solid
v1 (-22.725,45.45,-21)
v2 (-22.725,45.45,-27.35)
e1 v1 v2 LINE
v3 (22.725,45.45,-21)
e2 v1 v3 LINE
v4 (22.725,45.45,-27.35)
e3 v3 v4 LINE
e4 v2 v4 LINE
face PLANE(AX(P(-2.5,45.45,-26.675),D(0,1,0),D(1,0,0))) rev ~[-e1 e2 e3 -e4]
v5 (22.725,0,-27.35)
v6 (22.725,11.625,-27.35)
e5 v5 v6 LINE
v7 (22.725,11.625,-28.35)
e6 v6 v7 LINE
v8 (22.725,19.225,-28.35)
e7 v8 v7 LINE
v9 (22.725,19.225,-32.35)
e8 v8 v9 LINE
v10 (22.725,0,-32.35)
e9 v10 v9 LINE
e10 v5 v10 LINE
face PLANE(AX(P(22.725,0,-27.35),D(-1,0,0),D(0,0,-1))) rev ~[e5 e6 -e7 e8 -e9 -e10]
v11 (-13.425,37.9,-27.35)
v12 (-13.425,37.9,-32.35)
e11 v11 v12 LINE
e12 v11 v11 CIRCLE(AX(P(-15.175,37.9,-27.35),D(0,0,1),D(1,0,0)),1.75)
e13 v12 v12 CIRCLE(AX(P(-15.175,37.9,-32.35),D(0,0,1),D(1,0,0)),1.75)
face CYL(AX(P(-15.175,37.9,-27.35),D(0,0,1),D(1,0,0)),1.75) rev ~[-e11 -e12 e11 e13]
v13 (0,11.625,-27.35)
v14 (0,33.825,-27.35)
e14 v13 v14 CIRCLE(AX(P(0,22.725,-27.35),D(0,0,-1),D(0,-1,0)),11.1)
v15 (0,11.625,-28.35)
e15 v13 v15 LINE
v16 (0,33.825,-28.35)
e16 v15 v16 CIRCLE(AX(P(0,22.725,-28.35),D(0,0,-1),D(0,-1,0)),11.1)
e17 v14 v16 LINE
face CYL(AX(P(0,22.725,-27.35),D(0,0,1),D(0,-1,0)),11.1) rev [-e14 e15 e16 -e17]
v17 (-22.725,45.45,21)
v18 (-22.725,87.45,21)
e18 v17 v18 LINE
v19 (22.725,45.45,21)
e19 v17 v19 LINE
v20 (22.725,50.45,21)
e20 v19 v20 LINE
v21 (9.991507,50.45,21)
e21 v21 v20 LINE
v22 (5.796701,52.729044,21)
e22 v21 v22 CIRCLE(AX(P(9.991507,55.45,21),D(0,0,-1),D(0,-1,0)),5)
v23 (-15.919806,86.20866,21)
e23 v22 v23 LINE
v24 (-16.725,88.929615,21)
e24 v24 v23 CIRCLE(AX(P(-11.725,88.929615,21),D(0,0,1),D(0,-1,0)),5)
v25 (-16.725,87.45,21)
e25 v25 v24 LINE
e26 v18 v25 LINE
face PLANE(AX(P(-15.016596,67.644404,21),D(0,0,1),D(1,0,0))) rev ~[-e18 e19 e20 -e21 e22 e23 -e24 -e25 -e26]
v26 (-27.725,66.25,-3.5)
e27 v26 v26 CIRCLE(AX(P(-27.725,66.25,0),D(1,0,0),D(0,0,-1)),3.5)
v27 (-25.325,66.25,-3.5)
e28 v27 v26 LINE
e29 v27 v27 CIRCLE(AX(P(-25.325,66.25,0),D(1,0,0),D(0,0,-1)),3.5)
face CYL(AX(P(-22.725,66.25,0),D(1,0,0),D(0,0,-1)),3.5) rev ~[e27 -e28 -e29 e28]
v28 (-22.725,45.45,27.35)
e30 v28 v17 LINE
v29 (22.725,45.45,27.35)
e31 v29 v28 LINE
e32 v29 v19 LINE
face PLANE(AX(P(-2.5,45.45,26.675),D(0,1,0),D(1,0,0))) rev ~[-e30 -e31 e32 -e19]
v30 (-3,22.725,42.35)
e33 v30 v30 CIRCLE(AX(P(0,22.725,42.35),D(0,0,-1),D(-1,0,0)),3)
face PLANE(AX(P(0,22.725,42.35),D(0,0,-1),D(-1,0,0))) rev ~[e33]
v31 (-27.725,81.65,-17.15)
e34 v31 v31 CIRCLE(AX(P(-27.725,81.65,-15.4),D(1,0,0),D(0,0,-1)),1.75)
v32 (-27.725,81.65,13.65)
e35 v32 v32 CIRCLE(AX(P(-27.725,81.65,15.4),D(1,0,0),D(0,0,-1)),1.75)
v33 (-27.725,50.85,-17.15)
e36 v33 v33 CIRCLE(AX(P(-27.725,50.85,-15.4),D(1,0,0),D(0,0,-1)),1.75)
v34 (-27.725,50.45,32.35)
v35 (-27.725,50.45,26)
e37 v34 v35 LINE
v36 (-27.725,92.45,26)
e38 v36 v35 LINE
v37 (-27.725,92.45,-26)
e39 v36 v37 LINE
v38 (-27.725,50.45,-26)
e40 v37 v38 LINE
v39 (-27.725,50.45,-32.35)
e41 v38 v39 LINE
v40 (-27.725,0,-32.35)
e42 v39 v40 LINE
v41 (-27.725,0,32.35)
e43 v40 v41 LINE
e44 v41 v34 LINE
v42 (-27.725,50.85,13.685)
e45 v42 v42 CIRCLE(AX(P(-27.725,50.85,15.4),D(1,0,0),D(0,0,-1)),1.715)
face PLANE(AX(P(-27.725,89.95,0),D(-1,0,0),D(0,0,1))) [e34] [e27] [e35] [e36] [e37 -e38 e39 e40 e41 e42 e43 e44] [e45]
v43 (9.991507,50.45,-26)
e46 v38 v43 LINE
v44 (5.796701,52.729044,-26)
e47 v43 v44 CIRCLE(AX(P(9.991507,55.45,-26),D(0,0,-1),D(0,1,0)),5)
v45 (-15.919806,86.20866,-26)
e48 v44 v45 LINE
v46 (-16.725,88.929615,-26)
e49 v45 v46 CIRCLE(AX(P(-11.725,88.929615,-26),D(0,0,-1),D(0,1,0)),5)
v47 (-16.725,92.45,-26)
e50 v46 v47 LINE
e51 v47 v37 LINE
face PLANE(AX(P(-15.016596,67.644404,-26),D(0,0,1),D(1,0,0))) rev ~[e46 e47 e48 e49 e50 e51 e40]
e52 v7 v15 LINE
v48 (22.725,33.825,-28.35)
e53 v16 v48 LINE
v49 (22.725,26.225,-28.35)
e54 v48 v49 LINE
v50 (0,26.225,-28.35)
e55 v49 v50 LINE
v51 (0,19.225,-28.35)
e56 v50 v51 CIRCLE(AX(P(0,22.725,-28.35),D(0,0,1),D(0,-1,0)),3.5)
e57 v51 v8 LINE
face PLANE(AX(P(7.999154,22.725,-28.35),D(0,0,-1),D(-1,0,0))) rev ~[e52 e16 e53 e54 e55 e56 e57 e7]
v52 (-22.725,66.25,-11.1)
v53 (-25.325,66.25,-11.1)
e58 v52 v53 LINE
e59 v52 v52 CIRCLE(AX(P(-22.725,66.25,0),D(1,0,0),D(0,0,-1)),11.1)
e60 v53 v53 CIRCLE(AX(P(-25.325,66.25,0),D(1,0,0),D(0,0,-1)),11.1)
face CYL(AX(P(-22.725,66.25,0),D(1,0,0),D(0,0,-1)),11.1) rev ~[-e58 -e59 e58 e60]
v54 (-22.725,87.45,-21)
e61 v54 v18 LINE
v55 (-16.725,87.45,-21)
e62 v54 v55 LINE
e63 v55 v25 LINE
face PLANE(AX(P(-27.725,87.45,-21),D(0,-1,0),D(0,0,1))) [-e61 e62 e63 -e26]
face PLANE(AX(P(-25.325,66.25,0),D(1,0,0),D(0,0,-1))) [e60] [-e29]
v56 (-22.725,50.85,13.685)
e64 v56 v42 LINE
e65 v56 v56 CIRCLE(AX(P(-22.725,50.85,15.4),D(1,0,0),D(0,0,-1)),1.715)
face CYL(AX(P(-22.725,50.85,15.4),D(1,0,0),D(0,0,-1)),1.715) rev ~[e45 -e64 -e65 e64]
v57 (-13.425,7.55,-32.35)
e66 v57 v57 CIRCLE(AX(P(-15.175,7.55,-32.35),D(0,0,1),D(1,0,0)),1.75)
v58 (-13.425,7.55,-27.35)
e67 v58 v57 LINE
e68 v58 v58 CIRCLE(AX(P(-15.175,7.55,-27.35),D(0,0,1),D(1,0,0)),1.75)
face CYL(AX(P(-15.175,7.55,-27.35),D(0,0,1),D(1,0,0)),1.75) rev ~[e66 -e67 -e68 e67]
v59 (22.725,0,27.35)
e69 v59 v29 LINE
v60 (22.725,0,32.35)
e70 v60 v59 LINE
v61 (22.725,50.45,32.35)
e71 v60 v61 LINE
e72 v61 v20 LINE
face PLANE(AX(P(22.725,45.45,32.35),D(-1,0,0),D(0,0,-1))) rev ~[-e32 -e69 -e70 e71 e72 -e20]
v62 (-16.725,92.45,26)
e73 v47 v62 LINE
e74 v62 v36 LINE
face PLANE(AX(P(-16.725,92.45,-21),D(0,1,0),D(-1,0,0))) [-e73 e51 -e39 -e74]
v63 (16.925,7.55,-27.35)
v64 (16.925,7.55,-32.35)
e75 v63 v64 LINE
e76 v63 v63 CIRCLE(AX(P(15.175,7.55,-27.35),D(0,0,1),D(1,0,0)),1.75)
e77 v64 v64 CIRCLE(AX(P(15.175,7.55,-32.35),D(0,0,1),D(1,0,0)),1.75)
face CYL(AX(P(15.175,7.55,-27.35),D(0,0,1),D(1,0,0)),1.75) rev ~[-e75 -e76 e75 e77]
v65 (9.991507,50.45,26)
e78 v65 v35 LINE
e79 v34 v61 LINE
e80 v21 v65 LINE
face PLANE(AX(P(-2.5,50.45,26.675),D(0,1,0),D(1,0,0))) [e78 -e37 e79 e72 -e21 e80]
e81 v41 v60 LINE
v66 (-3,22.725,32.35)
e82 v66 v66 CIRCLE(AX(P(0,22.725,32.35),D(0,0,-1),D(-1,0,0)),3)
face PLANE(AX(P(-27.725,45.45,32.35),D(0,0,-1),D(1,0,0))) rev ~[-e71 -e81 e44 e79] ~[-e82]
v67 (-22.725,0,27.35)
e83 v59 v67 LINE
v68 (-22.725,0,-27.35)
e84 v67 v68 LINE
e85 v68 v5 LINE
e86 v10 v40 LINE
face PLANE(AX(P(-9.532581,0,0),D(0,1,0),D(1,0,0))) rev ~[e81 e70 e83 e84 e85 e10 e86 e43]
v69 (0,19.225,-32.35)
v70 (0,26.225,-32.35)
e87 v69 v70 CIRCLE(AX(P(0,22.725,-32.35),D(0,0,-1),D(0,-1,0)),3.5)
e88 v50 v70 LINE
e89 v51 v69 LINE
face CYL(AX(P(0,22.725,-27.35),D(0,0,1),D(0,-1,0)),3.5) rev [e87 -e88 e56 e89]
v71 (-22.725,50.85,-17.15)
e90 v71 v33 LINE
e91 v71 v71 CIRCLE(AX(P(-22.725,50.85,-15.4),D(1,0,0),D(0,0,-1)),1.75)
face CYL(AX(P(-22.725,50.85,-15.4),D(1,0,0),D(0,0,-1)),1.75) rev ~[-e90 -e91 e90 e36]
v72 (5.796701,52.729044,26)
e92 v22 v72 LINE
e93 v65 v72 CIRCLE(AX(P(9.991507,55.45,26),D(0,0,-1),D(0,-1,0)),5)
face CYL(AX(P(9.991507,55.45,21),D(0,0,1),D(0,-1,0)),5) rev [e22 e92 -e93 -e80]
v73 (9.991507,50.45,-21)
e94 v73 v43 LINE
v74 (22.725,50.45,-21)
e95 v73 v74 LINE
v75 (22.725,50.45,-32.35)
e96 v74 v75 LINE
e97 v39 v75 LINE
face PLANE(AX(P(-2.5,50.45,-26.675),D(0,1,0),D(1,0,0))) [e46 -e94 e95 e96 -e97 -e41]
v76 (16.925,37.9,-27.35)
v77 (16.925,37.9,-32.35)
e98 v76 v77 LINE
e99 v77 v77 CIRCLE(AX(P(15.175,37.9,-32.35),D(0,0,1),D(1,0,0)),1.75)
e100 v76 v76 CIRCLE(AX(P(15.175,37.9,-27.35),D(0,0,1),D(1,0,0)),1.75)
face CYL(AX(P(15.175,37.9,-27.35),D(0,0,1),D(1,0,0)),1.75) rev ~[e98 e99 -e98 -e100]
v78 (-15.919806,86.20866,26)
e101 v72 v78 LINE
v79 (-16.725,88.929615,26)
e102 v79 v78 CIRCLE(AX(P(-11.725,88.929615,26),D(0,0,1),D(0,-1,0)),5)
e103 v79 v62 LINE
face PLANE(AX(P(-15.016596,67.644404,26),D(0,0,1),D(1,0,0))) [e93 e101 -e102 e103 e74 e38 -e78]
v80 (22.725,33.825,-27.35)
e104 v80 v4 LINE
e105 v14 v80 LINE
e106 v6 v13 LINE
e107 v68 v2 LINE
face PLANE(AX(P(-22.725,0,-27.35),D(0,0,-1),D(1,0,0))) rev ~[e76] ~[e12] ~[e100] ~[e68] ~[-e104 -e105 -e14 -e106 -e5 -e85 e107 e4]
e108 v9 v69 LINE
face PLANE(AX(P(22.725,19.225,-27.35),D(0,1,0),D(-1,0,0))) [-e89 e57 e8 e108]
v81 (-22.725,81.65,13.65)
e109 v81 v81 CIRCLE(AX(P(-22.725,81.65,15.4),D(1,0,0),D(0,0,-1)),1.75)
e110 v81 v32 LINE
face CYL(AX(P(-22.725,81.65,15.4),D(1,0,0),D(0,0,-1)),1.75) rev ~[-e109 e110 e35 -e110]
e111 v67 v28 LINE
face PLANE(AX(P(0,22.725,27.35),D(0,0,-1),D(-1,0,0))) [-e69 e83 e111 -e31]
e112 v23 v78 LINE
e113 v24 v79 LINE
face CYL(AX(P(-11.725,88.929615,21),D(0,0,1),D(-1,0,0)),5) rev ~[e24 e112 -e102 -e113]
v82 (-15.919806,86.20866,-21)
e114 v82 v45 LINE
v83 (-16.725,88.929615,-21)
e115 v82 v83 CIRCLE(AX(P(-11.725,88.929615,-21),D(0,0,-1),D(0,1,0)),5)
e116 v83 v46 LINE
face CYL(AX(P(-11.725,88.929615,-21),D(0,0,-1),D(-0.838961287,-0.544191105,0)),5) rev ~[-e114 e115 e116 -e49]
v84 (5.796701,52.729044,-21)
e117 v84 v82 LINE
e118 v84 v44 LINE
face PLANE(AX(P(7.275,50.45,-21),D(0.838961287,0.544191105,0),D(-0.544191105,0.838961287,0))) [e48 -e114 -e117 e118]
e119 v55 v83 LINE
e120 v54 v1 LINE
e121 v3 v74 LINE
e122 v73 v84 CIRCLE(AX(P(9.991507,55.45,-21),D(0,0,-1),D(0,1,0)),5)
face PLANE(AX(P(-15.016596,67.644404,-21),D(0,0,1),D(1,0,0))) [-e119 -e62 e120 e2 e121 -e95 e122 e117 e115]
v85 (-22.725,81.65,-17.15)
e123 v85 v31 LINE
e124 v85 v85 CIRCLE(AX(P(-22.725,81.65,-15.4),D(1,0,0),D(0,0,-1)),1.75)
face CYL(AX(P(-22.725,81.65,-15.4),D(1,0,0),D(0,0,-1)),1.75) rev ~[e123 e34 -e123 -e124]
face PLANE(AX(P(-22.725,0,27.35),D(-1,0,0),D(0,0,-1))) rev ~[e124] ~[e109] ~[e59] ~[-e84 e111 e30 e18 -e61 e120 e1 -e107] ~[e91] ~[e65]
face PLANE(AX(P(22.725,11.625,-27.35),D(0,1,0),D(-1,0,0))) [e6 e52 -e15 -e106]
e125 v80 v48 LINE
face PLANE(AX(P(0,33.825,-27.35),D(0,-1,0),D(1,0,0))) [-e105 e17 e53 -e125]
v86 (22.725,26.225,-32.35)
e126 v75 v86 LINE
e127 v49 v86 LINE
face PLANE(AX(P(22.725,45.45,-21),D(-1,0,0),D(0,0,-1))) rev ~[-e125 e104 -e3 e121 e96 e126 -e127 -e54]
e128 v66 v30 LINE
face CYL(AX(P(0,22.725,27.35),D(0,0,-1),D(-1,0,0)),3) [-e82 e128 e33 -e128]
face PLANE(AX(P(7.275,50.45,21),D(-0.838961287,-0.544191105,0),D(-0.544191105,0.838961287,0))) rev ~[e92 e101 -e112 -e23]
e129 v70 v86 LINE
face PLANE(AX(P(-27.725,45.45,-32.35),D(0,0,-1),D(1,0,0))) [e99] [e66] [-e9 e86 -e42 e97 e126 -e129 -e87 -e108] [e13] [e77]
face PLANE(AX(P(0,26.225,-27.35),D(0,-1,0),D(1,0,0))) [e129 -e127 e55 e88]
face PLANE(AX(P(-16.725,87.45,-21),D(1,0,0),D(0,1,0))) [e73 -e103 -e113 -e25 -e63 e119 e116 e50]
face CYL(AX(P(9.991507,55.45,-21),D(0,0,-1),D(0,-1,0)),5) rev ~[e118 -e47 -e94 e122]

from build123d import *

# Parameters (mm, degrees)
BOSS_EXTRUDE1_DEPTH = 45.45
CUT_EXTRUDE4_DEPTH  = 1
CUT_EXTRUDE5_DEPTH  = 5
SKETCH9_R           = 1.75
CUT_EXTRUDE6_DEPTH  = 5
BOSS_EXTRUDE2_DEPTH = 5
SKETCH11_R          = 1.75
SKETCH11_R_2        = 1.715
CUT_EXTRUDE7_DEPTH  = 5
SKETCH13_R          = 3.5
CUT_EXTRUDE8_DEPTH  = 5
SKETCH13_3_R        = 11.1
CUT_EXTRUDE9_DEPTH  = 2.6
SKETCH14_W          = 50.45
SKETCH14_H          = 11.35
BOSS_EXTRUDE3_DEPTH = 5
SKETCH15_W          = 50.45
SKETCH15_H          = 11.35
BOSS_EXTRUDE4_DEPTH = 5
SKETCH17_W          = 42
SKETCH17_H          = 5
BOSS_EXTRUDE5_DEPTH = 11
BOSS_EXTRUDE6_DEPTH = 5
BOSS_EXTRUDE7_DEPTH = 5
SKETCH21_R          = 3
BOSS_EXTRUDE8_DEPTH = 15
FILLET1_R           = 5
FILLET2_R           = 5


with BuildPart() as part:
    # Sketch1 → Boss-Extrude1 (new body)
    with BuildSketch(Plane(origin=(0, 0, 0), x_dir=(1, 0, 0), z_dir=(0, 1, 0))):
        Polygon((22.725, 27.35), (22.725, 32.35), (-22.725, 32.35), (-27.725, 32.35), (-27.725, -27.35), (-27.725, -32.35), (22.725, -32.35), (22.725, -27.35), (-22.725, -27.35), (-22.725, 27.35), (0, 27.35), align=None)
    extrude(amount=BOSS_EXTRUDE1_DEPTH)

    # Sketch5 → Cut-Extrude4 (cut)
    with BuildSketch(Plane.XY.offset(-27.35)):
        with BuildLine():
            Line((0, 33.825), (22.725, 33.825))
            Line((22.725, 33.825), (22.725, 11.625))
            Line((22.725, 11.625), (0, 11.625))
            ThreePointArc((0, 11.625), (-11.1, 22.725), (0, 33.825))
        make_face()
    extrude(amount=-CUT_EXTRUDE4_DEPTH, mode=Mode.SUBTRACT)

    # Sketch6 → Cut-Extrude5 (cut)
    with BuildSketch(Plane.XY.offset(-27.35)):
        with BuildLine():
            Line((0, 26.225), (22.725, 26.225))
            Line((22.725, 26.225), (22.725, 19.225))
            Line((22.725, 19.225), (0, 19.225))
            ThreePointArc((0, 19.225), (-3.5, 22.725), (0, 26.225))
        make_face()
    extrude(amount=-CUT_EXTRUDE5_DEPTH, mode=Mode.SUBTRACT)

    # Sketch9 → Cut-Extrude6 (cut)
    with BuildSketch(Plane.XY.offset(-27.35)):
        with Locations((15.175, 37.9)):
            Circle(SKETCH9_R)
        with Locations((-15.175, 37.9)):
            Circle(SKETCH9_R)
        with Locations((15.175, 7.55)):
            Circle(SKETCH9_R)
        with Locations((-15.175, 7.55)):
            Circle(SKETCH9_R)
    extrude(amount=-CUT_EXTRUDE6_DEPTH, mode=Mode.SUBTRACT)

    # Sketch10 → Boss-Extrude2 (add)
    with BuildSketch(Plane(origin=(-22.725, 0, 0), x_dir=(0, 0, -1), z_dir=(1, 0, 0))):
        Polygon((0, 45.45), (21, 45.45), (21, 87.45), (-21, 87.45), (-21, 45.45), align=None)
    extrude(amount=-BOSS_EXTRUDE2_DEPTH)

    # Sketch11 → Cut-Extrude7 (cut)
    with BuildSketch(Plane(origin=(-22.725, 0, 0), x_dir=(0, 0, -1), z_dir=(1, 0, 0))):
        with Locations((-15.4, 81.65)):
            Circle(SKETCH11_R)
        with Locations((15.4, 81.65)):
            Circle(SKETCH11_R)
        with Locations((-15.4, 50.85)):
            Circle(SKETCH11_R_2)
        with Locations((15.4, 50.85)):
            Circle(SKETCH11_R)
    extrude(amount=-CUT_EXTRUDE7_DEPTH, mode=Mode.SUBTRACT)

    # Sketch13 → Cut-Extrude8 (cut)
    with BuildSketch(Plane(origin=(-22.725, 0, 0), x_dir=(0, 0, -1), z_dir=(1, 0, 0))):
        with Locations((0, 66.25)):
            Circle(SKETCH13_R)
    extrude(amount=-CUT_EXTRUDE8_DEPTH, mode=Mode.SUBTRACT)

    # Sketch13<3> → Cut-Extrude9 (cut)
    with BuildSketch(Plane(origin=(-22.725, 0, 0), x_dir=(0, 0, -1), z_dir=(1, 0, 0))):
        with Locations((0, 66.25)):
            Circle(SKETCH13_3_R)
    extrude(amount=-CUT_EXTRUDE9_DEPTH, mode=Mode.SUBTRACT)

    # Sketch14 → Boss-Extrude3 (add)
    with BuildSketch(Plane(origin=(0, 45.45, 0), x_dir=(1, 0, 0), z_dir=(0, 1, 0))):
        with Locations((-2.5, 26.675)):
            Rectangle(SKETCH14_W, SKETCH14_H)
    extrude(amount=BOSS_EXTRUDE3_DEPTH)

    # Sketch15 → Boss-Extrude4 (add)
    with BuildSketch(Plane(origin=(0, 45.45, 0), x_dir=(1, 0, 0), z_dir=(0, 1, 0))):
        with Locations((-2.5, -26.675)):
            Rectangle(SKETCH15_W, SKETCH15_H)
    extrude(amount=BOSS_EXTRUDE4_DEPTH)

    # Sketch17 → Boss-Extrude5 (add)
    with BuildSketch(Plane.ZY.offset(27.725)):
        with Locations((0, 89.95)):
            Rectangle(SKETCH17_W, SKETCH17_H)
    extrude(amount=-BOSS_EXTRUDE5_DEPTH)

    # Sketch19 → Boss-Extrude6 (add)
    with BuildSketch(Plane.XY.offset(21)):
        Polygon((-22.725, 50.45), (7.275, 50.45), (-16.725, 87.45), (-16.725, 92.45), (-27.725, 92.45), (-27.725, 50.45), align=None)
    extrude(amount=BOSS_EXTRUDE6_DEPTH)

    # Sketch20 → Boss-Extrude7 (add)
    with BuildSketch(Plane(origin=(0, 0, -21), x_dir=(-1, 0, 0), z_dir=(0, 0, -1))):
        Polygon((22.725, 50.45), (-7.275, 50.45), (16.725, 87.45), (16.725, 92.45), (27.725, 92.45), (27.725, 50.45), align=None)
    extrude(amount=BOSS_EXTRUDE7_DEPTH)

    # Sketch21 → Boss-Extrude8 (add)
    with BuildSketch(Plane(origin=(0, 0, 27.35), x_dir=(-1, 0, 0), z_dir=(0, 0, -1))):
        with Locations((0, 22.725)):
            Circle(SKETCH21_R)
    extrude(amount=-BOSS_EXTRUDE8_DEPTH)

    # Fillet1
    fillet1_edges = [part.edges().sort_by_distance(p)[0] for p in [
        (7.275, 50.45, 23.5),
        (7.275, 50.45, -23.5),
    ]]
    fillet(fillet1_edges, radius=FILLET1_R)

    # Fillet2
    fillet2_edges = [part.edges().sort_by_distance(p)[0] for p in [
        (-16.725, 87.45, 23.5),
        (-16.725, 87.45, -23.5),
    ]]
    fillet(fillet2_edges, radius=FILLET2_R)


solid = part.part
